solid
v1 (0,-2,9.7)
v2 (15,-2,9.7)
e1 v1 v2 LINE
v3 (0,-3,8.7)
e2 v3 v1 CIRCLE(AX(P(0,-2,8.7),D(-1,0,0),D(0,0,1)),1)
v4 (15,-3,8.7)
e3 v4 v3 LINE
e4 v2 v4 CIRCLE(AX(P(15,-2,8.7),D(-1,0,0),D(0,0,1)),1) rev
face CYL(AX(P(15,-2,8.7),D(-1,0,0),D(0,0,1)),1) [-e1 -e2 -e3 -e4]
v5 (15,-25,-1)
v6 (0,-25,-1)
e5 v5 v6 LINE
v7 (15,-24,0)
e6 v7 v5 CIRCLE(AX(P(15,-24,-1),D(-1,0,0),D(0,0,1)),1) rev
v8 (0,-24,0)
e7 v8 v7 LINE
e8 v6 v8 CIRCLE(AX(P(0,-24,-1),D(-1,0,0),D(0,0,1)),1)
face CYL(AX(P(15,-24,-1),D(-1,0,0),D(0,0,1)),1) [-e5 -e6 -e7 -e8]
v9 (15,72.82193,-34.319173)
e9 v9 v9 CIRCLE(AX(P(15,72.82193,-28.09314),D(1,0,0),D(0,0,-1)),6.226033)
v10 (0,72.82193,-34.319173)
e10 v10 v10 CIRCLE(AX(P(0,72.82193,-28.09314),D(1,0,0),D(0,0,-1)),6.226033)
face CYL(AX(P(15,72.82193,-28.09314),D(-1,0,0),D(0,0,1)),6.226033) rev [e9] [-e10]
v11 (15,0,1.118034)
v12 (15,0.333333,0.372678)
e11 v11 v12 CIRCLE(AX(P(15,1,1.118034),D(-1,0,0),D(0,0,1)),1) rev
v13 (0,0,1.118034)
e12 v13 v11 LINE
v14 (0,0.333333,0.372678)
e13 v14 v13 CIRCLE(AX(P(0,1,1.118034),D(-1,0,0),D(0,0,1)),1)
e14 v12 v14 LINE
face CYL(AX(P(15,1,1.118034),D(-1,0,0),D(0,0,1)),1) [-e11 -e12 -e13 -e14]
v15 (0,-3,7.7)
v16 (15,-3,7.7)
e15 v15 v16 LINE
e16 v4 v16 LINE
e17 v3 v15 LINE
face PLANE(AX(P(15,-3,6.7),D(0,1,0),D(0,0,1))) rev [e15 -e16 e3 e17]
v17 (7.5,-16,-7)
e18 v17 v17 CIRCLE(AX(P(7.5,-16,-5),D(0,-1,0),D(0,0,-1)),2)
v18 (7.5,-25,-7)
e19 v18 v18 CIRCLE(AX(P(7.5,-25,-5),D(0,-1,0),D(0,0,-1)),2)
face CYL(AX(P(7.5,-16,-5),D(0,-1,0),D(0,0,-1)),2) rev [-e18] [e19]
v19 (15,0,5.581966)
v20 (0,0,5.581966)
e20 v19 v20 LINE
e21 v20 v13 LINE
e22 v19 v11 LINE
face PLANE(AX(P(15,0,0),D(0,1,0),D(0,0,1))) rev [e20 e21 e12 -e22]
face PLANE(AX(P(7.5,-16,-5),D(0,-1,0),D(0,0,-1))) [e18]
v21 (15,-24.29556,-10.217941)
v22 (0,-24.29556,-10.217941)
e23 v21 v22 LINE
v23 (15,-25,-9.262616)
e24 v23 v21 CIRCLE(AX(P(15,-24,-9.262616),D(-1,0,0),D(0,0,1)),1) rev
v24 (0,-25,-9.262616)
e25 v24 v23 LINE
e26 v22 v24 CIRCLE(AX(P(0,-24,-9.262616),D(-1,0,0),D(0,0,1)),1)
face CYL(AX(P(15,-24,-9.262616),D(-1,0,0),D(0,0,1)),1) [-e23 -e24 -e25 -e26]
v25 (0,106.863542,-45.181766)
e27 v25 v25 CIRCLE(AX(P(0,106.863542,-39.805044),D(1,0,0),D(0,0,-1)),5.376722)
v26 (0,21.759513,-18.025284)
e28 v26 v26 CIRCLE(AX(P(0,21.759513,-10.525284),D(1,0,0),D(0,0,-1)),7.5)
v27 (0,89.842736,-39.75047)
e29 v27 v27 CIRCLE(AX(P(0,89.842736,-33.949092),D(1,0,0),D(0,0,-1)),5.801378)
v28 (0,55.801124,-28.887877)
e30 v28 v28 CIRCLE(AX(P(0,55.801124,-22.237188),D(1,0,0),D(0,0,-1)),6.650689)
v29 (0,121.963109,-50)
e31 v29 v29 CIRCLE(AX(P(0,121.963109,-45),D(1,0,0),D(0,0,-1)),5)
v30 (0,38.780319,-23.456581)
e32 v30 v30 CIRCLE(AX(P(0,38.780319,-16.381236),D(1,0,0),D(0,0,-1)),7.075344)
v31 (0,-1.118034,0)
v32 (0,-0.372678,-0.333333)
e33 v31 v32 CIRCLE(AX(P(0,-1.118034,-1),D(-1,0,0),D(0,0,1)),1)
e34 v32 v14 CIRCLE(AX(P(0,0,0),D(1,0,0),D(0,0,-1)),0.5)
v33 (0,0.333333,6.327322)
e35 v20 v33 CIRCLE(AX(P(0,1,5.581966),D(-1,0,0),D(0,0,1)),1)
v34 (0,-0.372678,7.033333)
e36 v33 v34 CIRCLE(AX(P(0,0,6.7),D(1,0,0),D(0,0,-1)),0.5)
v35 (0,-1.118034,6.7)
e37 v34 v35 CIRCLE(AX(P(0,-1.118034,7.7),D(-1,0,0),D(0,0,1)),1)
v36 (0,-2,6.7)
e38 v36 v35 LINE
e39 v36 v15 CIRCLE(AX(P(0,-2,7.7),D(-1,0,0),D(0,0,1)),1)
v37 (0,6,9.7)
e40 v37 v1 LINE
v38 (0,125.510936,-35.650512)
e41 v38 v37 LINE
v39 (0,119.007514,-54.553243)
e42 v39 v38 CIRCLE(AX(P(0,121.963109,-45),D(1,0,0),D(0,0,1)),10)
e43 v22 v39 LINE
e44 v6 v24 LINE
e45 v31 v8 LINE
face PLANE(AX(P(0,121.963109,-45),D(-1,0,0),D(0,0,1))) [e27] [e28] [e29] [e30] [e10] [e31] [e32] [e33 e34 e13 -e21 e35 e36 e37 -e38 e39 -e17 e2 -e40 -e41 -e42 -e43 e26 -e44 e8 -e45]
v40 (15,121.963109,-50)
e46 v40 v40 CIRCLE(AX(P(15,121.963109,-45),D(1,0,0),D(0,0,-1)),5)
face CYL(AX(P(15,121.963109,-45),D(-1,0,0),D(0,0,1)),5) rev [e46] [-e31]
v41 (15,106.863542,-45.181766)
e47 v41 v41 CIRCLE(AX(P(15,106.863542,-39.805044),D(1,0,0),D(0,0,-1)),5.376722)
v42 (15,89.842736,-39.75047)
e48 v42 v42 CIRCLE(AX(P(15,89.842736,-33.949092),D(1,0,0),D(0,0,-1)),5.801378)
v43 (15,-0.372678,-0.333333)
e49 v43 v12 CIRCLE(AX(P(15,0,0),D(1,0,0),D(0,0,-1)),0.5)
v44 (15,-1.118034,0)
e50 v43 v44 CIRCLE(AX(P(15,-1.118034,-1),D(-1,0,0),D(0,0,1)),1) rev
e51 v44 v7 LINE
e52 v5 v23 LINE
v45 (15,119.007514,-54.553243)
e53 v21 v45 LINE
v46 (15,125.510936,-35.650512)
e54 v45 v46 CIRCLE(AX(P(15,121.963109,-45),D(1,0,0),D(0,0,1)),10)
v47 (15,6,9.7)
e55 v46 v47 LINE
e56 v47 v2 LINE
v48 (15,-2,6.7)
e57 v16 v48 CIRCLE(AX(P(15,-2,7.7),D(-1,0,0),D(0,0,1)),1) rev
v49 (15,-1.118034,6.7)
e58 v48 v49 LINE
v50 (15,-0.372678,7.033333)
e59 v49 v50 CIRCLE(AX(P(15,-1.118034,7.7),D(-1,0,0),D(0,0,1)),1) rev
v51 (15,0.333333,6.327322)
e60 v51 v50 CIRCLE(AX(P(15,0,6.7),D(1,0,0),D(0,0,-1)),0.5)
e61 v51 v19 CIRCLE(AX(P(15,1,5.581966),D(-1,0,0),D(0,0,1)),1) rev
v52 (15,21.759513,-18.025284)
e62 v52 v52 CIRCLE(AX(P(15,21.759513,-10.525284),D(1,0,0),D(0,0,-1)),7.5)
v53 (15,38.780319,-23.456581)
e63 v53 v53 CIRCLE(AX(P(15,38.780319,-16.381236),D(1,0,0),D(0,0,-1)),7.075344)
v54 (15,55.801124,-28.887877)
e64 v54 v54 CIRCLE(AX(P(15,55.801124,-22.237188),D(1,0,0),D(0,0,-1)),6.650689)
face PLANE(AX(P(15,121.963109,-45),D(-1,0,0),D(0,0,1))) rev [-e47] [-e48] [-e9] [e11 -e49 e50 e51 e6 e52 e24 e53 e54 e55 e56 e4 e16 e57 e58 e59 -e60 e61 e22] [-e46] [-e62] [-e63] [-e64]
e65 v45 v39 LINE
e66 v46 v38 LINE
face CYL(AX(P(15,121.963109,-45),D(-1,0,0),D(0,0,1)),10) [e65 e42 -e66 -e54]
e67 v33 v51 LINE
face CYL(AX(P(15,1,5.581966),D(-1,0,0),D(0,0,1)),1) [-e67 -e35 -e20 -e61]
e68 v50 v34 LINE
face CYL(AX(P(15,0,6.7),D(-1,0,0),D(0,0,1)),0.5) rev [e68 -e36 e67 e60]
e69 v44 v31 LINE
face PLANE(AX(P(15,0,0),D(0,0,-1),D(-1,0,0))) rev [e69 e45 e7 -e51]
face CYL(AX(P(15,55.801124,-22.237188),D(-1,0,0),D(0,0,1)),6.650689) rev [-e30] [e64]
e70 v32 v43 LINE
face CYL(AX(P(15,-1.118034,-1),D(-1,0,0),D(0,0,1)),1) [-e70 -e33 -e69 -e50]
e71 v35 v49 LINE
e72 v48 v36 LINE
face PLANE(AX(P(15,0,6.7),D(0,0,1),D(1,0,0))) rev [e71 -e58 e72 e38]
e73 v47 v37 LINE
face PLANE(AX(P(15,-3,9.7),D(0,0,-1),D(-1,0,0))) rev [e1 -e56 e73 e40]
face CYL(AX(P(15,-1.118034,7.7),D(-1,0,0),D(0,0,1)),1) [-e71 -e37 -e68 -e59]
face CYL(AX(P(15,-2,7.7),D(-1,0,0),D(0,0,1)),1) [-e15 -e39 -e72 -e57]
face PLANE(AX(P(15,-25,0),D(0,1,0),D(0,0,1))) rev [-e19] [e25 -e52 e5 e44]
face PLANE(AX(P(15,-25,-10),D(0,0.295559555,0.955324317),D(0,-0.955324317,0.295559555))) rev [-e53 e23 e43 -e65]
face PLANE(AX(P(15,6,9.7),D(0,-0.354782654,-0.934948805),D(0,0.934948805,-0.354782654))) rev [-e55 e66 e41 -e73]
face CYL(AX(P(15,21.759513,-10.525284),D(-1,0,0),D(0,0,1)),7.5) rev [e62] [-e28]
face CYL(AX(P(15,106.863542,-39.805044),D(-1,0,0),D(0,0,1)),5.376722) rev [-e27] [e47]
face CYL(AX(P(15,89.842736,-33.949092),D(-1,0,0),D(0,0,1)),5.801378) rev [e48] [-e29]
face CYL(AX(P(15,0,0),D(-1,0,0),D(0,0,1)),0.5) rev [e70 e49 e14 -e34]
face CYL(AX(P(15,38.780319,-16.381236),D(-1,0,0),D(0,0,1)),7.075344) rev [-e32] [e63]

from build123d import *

# Parameters (mm, degrees)
SKETCH2_R           = 5
SKETCH2_R_2         = 7.5
SKETCH2_R_3         = 7.07534444
SKETCH2_R_4         = 6.65068888
SKETCH2_R_5         = 6.226033319
SKETCH2_R_6         = 5.801377759
SKETCH2_R_7         = 5.376722199
BOSS_EXTRUDE1_DEPTH = 15
SKETCH3_R           = 0.5
CUT_EXTRUDE2_DEPTH  = 144.75069455
FILLET1_R           = 1
FILLET3_R           = 1
SKETCH4_R           = 2
CUT_EXTRUDE3_DEPTH  = 9


with BuildPart() as part:
    # Sketch2 → Boss-Extrude1 (new body)
    with BuildSketch(Plane(origin=(0, 0, 0), x_dir=(0, 0, -1), z_dir=(1, 0, 0))):
        with BuildLine():
            Line((0, 0), (-6.7, 0))
            Line((-6.7, 0), (-6.7, -3))
            Line((-6.7, -3), (-9.7, -3))
            Line((-9.7, -3), (-9.7, 6))
            Line((-9.7, 6), (35.650511948, 125.510935717))
            ThreePointArc((35.650511948, 125.510935717), (48.253306586, 131.419112363), (54.553243165, 119.007513631))
            Line((54.553243165, 119.007513631), (10, -25))
            Line((10, -25), (0, -25))
            Line((0, -25), (0, 0))
        make_face()
        with Locations((45, 121.963109177)):
            Circle(SKETCH2_R, mode=Mode.SUBTRACT)
        with Locations((10.525284468, 21.759512837)):
            Circle(SKETCH2_R_2, mode=Mode.SUBTRACT)
        with Locations((16.381236323, 38.780318572)):
            Circle(SKETCH2_R_3, mode=Mode.SUBTRACT)
        with Locations((22.237188178, 55.801124308)):
            Circle(SKETCH2_R_4, mode=Mode.SUBTRACT)
        with Locations((28.093140033, 72.821930043)):
            Circle(SKETCH2_R_5, mode=Mode.SUBTRACT)
        with Locations((33.949091887, 89.842735778)):
            Circle(SKETCH2_R_6, mode=Mode.SUBTRACT)
        with Locations((39.805043742, 106.863541513)):
            Circle(SKETCH2_R_7, mode=Mode.SUBTRACT)
    extrude(amount=BOSS_EXTRUDE1_DEPTH)

    # Sketch3 → Cut-Extrude2 (cut, through all)
    with BuildSketch(Plane(origin=(0, 0, 0), x_dir=(0, 0, -1), z_dir=(1, 0, 0))):
        Circle(SKETCH3_R)
        with Locations((-6.7, 0)):
            Circle(SKETCH3_R)
    extrude(amount=CUT_EXTRUDE2_DEPTH, mode=Mode.SUBTRACT)

    # Fillet1
    fillet1_edges = [part.edges().sort_by_distance(p)[0] for p in [
        (7.5, -3, 6.7),
        (7.5, -3, 9.7),
        (7.5, -0.5, 0),
        (7.5, 0, 6.2),
        (7.5, 0, 0.5),
        (7.5, -0.5, 6.7),
    ]]
    fillet(fillet1_edges, radius=FILLET1_R)

    # Fillet3
    fillet3_edges = [part.edges().sort_by_distance(p)[0] for p in [
        (7.5, -25, -10),
        (7.5, -25, 0),
    ]]
    fillet(fillet3_edges, radius=FILLET3_R)

    # Sketch4 → Cut-Extrude3 (cut)
    with BuildSketch(Plane.XZ.offset(25)):
        with Locations(Location((7.5, -5, 0), (0, 0, 270))):
            Circle(SKETCH4_R)
    extrude(amount=-CUT_EXTRUDE3_DEPTH, mode=Mode.SUBTRACT)


solid = part.part
